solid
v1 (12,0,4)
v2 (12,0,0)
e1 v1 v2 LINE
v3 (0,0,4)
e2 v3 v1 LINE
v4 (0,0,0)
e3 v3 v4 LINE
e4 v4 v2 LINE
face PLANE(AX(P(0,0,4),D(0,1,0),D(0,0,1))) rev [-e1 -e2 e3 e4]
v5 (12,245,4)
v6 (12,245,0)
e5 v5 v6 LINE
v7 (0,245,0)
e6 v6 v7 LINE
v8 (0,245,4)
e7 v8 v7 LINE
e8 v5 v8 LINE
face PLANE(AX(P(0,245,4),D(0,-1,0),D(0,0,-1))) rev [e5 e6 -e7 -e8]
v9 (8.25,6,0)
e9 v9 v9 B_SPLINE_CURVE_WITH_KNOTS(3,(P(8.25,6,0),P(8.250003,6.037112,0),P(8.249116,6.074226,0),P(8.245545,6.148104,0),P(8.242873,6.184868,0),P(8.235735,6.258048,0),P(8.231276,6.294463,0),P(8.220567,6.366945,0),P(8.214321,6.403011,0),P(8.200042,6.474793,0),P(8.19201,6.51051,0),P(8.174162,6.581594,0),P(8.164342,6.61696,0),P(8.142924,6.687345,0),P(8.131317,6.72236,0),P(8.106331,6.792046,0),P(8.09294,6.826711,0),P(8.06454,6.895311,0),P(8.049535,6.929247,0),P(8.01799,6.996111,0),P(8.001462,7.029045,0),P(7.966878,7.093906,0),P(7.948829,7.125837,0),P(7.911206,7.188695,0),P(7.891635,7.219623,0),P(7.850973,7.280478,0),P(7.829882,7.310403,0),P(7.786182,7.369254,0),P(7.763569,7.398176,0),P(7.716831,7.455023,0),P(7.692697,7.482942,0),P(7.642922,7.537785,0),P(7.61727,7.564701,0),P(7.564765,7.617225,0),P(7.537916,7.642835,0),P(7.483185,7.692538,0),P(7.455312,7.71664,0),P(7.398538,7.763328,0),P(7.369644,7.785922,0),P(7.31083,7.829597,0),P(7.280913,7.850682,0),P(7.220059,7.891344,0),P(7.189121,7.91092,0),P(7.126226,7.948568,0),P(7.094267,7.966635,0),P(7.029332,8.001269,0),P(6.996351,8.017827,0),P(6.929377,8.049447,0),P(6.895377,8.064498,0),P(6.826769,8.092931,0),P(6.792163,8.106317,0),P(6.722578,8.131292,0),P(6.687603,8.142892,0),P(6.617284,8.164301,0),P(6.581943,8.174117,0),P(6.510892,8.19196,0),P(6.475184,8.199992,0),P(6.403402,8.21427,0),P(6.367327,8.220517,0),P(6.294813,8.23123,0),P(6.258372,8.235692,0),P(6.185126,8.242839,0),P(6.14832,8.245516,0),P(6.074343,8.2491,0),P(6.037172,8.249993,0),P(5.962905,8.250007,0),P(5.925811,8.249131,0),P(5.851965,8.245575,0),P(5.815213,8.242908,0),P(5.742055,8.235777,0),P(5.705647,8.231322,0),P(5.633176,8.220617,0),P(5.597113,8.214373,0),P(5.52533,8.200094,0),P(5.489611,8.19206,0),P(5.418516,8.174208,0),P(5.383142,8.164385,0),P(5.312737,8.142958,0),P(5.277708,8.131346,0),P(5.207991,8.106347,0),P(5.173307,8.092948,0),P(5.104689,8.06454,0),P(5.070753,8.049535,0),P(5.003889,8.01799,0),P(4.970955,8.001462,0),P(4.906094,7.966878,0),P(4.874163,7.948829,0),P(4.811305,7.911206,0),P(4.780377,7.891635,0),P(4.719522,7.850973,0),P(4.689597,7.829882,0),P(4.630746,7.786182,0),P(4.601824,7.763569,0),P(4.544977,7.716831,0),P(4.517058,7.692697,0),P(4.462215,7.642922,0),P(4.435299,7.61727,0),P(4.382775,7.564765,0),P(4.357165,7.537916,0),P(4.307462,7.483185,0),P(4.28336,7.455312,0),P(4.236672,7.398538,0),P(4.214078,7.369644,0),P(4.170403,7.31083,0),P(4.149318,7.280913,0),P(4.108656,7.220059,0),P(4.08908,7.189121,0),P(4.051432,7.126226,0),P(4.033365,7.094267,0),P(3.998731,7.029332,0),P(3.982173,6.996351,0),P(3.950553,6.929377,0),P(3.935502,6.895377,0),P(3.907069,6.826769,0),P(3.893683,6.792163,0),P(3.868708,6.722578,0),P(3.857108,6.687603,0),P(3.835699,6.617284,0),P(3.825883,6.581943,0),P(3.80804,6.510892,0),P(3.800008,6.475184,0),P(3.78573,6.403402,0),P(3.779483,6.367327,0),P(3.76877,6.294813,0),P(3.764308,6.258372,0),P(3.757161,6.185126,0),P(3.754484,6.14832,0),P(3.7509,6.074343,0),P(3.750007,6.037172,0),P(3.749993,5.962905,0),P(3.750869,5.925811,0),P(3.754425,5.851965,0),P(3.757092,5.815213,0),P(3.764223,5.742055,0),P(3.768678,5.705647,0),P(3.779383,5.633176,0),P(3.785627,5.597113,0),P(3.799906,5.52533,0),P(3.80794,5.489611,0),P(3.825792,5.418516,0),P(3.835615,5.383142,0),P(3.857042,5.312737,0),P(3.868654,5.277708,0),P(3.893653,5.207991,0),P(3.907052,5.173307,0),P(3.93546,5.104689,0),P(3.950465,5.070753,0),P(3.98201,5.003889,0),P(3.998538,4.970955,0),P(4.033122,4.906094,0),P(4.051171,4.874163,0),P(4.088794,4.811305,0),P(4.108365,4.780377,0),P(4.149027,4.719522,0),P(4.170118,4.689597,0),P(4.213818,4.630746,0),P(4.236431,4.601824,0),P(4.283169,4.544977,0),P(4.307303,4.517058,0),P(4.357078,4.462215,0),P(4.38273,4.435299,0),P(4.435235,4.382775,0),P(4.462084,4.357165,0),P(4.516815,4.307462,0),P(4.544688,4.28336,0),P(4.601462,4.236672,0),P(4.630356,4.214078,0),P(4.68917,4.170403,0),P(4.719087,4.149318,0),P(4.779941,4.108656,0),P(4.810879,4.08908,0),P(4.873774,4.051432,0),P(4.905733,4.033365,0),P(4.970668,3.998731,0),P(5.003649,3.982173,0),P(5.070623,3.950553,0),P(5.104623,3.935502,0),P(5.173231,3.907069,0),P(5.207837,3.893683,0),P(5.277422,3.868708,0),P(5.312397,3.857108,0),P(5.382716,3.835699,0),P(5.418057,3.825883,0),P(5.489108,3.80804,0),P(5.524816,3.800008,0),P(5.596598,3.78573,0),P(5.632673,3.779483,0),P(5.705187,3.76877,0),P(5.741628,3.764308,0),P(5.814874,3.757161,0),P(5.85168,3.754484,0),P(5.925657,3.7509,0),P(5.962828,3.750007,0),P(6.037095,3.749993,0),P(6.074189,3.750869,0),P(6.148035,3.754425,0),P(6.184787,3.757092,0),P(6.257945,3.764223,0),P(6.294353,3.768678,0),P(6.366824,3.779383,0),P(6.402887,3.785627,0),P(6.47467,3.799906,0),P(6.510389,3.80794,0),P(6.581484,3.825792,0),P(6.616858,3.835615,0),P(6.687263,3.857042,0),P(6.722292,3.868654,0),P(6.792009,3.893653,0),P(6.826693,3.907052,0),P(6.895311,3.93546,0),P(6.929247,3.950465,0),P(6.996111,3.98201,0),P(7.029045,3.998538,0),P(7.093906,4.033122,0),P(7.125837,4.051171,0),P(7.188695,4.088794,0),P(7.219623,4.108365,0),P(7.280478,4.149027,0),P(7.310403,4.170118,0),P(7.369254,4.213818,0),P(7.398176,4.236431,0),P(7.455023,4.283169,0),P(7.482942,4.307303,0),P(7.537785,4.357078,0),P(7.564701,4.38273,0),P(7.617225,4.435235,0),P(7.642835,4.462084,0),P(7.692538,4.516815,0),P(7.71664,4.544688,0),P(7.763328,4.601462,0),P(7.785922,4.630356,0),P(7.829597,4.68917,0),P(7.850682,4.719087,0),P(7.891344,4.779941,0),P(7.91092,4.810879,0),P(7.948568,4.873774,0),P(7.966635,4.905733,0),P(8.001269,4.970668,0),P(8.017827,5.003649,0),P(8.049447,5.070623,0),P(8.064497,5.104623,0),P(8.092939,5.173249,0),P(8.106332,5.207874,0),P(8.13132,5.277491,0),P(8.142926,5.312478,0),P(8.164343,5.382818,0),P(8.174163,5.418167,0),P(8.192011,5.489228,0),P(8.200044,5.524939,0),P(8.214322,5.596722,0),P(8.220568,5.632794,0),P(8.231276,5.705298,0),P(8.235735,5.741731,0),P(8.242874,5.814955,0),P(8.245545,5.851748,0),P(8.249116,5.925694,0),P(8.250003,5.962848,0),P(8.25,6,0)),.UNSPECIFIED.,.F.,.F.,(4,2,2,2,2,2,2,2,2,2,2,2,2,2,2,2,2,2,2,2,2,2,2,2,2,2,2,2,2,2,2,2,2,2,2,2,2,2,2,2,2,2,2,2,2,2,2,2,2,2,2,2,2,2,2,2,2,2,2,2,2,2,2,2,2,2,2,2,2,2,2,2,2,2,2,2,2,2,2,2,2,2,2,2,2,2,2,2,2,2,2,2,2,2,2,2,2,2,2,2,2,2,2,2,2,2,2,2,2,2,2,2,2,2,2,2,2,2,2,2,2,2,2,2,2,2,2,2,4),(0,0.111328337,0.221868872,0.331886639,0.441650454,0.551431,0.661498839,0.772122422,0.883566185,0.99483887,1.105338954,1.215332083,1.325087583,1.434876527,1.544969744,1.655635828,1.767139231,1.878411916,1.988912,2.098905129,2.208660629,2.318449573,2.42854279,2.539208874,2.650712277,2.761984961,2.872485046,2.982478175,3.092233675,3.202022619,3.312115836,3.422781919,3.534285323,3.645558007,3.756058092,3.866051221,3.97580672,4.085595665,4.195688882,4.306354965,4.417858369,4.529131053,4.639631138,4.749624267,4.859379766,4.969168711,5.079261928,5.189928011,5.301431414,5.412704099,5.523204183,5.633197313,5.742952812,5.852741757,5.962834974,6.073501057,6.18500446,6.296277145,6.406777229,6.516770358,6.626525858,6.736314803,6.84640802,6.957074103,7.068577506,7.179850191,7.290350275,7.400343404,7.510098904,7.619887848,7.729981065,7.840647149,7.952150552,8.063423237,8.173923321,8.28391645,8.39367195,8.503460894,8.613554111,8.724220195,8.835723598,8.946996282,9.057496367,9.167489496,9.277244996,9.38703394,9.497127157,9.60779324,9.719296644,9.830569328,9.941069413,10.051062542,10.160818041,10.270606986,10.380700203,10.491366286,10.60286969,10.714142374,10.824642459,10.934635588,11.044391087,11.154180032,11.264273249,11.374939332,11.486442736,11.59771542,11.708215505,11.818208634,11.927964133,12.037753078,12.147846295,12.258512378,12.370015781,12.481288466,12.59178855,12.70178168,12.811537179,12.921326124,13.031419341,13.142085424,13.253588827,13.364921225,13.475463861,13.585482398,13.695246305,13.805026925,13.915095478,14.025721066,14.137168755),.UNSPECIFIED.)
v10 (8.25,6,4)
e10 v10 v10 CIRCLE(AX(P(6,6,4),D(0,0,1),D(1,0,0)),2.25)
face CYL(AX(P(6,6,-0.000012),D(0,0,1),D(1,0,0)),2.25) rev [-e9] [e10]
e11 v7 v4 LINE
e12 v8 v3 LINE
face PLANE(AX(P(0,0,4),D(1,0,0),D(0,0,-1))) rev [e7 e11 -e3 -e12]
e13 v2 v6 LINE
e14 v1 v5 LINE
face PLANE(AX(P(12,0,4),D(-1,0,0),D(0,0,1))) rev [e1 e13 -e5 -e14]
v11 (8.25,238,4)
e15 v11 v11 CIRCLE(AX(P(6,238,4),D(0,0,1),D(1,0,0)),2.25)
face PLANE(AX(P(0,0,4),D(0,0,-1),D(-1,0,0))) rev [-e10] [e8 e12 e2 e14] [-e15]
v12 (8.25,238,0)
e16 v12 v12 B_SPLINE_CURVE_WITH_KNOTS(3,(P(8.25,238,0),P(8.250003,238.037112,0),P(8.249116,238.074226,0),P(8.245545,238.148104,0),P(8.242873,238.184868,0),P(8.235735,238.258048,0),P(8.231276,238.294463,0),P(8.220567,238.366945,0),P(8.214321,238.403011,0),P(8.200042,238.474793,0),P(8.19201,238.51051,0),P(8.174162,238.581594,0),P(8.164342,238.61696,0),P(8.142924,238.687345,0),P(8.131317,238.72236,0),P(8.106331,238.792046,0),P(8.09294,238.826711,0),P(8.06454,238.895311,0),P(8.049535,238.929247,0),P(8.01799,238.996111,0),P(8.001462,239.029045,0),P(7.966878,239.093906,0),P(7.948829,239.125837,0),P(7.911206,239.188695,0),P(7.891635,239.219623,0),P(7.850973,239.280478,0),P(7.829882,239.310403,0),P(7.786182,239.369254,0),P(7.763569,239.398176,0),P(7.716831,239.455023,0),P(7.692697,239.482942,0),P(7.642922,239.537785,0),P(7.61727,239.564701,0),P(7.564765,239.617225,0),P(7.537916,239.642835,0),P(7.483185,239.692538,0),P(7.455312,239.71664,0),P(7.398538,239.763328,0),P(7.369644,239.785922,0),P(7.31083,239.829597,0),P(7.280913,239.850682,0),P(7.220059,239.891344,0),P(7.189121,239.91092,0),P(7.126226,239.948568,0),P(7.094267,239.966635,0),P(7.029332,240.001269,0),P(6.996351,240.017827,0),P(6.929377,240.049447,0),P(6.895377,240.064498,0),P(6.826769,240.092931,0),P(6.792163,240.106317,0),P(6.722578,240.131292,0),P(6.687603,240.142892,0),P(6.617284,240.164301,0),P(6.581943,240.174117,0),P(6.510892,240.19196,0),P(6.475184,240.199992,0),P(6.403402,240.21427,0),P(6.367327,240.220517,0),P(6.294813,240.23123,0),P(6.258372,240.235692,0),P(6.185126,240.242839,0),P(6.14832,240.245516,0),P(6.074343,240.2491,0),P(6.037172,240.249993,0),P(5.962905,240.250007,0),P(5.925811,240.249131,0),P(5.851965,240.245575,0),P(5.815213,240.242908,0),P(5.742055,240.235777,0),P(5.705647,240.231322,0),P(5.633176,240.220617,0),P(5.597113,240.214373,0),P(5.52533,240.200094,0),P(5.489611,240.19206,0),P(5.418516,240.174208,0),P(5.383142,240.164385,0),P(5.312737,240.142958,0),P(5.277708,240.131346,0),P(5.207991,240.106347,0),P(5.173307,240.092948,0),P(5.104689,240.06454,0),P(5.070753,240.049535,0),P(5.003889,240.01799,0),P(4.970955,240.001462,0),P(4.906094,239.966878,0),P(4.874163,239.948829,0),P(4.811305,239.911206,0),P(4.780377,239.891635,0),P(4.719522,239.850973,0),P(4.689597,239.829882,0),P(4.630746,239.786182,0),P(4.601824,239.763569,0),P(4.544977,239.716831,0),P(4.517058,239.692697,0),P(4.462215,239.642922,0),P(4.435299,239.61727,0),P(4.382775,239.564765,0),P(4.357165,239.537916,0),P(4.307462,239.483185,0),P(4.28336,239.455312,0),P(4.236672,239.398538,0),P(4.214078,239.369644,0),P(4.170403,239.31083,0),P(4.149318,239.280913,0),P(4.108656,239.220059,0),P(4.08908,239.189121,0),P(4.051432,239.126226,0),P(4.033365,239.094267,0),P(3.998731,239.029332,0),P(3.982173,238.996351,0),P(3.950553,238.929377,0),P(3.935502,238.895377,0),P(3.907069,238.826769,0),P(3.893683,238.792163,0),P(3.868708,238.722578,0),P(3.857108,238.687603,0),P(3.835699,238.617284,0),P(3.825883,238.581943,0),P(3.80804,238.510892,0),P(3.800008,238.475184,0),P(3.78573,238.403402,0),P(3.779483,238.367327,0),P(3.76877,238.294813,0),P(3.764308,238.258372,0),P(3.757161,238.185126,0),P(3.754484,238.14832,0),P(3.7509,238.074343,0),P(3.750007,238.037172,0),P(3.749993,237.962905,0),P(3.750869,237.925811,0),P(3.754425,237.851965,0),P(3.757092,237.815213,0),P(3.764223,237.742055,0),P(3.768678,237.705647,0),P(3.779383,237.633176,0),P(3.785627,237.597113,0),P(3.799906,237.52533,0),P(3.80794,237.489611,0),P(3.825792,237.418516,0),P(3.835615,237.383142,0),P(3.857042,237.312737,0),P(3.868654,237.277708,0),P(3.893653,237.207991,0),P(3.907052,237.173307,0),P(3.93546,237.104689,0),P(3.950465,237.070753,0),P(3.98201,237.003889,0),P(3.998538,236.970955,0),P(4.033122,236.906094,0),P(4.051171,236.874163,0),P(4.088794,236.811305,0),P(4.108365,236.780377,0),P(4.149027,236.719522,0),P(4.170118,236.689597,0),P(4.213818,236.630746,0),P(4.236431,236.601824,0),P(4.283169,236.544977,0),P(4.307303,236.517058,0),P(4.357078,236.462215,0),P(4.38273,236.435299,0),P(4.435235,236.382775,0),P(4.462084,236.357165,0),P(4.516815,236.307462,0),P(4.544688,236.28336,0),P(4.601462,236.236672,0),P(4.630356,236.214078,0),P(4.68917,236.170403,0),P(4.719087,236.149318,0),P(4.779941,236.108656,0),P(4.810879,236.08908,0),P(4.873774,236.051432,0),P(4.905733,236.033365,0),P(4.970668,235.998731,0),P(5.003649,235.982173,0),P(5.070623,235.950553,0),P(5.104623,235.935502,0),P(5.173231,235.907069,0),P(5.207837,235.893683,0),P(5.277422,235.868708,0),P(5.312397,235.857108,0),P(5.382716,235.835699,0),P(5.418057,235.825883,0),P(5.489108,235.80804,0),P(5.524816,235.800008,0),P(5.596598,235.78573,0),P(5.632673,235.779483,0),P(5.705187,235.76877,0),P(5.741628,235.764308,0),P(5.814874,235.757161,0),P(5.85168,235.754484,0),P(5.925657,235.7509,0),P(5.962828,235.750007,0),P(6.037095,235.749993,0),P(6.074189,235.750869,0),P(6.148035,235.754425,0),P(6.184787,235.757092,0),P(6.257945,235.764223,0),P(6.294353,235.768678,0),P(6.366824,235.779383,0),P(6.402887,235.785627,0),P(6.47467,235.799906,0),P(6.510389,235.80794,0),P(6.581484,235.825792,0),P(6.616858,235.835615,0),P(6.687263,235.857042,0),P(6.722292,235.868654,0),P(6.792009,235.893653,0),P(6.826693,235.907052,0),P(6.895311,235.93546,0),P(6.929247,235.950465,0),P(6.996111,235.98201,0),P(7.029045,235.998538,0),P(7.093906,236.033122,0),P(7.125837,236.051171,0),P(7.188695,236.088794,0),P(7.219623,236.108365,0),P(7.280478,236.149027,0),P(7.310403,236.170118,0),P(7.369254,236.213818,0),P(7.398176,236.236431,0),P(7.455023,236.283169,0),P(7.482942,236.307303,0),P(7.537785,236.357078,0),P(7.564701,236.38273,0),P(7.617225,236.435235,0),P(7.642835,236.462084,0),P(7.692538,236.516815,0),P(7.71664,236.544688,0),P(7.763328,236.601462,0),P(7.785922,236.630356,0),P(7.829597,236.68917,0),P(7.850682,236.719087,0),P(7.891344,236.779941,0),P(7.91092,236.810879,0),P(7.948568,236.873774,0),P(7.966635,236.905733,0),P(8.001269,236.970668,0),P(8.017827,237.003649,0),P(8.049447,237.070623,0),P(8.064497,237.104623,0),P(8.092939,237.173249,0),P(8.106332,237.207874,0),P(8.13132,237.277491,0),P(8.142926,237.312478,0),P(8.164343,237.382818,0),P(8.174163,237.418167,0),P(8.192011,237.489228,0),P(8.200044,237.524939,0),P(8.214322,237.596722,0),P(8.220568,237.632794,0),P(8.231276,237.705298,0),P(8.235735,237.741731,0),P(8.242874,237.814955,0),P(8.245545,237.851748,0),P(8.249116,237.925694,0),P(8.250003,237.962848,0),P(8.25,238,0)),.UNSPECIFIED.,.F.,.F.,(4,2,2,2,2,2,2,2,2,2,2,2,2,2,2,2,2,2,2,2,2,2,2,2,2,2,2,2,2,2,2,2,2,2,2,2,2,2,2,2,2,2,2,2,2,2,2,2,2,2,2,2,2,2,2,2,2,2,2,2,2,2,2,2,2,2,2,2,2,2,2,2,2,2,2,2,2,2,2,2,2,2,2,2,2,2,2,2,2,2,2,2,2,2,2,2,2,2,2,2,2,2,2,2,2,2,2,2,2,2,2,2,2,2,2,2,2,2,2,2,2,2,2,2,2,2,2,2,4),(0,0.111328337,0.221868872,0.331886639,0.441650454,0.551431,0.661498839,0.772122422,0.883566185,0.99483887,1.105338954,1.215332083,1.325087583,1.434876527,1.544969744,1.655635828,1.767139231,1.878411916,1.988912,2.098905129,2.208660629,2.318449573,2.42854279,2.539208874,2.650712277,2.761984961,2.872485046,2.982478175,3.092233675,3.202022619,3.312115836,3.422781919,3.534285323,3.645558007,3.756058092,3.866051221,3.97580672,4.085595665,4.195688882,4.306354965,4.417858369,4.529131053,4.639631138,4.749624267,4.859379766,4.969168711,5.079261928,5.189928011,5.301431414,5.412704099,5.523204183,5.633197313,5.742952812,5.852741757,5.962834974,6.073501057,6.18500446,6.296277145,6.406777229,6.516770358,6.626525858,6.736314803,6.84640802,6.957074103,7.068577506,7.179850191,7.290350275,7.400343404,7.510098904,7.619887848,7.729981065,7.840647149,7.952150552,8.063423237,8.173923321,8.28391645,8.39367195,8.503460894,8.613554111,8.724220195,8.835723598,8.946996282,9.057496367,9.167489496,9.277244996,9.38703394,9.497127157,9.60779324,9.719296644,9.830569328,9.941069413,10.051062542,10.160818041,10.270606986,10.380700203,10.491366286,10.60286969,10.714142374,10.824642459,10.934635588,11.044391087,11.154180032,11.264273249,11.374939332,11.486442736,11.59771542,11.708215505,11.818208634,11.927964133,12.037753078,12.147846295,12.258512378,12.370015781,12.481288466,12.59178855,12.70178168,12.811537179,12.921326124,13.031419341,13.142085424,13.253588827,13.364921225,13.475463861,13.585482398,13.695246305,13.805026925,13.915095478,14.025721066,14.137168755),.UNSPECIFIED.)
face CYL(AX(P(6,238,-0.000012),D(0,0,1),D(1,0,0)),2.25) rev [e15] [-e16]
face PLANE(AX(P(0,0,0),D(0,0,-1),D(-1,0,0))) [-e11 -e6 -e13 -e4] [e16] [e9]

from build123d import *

# Parameters (mm, degrees)
SKETCH1_W                     = 12
SKETCH1_H                     = 245
PROFILE_DEPTH                 = 4
FASTENER_CLEARANCE_DEPTH      = 246.326313305
FASTENER_CLEARANCE_DEPTH_BACK = 246.326313305
SKETCH2_R                     = 2.25


with BuildPart() as part:
    # Sketch1 → Profile (new body)
    with BuildSketch(Plane.XY):
        with Locations((6, 122.5)):
            Rectangle(SKETCH1_W, SKETCH1_H)
    extrude(amount=PROFILE_DEPTH)

    # Sketch2 → Fastener_clearance (cut, two sides: drawn at the far end of the back side and taken through both)
    with BuildSketch(Plane.XY.offset(-FASTENER_CLEARANCE_DEPTH_BACK)):
        with Locations((6, 6)):
            Circle(SKETCH2_R)
        with Locations((6, 238)):
            Circle(SKETCH2_R)
    extrude(amount=FASTENER_CLEARANCE_DEPTH + FASTENER_CLEARANCE_DEPTH_BACK, mode=Mode.SUBTRACT)


solid = part.part
